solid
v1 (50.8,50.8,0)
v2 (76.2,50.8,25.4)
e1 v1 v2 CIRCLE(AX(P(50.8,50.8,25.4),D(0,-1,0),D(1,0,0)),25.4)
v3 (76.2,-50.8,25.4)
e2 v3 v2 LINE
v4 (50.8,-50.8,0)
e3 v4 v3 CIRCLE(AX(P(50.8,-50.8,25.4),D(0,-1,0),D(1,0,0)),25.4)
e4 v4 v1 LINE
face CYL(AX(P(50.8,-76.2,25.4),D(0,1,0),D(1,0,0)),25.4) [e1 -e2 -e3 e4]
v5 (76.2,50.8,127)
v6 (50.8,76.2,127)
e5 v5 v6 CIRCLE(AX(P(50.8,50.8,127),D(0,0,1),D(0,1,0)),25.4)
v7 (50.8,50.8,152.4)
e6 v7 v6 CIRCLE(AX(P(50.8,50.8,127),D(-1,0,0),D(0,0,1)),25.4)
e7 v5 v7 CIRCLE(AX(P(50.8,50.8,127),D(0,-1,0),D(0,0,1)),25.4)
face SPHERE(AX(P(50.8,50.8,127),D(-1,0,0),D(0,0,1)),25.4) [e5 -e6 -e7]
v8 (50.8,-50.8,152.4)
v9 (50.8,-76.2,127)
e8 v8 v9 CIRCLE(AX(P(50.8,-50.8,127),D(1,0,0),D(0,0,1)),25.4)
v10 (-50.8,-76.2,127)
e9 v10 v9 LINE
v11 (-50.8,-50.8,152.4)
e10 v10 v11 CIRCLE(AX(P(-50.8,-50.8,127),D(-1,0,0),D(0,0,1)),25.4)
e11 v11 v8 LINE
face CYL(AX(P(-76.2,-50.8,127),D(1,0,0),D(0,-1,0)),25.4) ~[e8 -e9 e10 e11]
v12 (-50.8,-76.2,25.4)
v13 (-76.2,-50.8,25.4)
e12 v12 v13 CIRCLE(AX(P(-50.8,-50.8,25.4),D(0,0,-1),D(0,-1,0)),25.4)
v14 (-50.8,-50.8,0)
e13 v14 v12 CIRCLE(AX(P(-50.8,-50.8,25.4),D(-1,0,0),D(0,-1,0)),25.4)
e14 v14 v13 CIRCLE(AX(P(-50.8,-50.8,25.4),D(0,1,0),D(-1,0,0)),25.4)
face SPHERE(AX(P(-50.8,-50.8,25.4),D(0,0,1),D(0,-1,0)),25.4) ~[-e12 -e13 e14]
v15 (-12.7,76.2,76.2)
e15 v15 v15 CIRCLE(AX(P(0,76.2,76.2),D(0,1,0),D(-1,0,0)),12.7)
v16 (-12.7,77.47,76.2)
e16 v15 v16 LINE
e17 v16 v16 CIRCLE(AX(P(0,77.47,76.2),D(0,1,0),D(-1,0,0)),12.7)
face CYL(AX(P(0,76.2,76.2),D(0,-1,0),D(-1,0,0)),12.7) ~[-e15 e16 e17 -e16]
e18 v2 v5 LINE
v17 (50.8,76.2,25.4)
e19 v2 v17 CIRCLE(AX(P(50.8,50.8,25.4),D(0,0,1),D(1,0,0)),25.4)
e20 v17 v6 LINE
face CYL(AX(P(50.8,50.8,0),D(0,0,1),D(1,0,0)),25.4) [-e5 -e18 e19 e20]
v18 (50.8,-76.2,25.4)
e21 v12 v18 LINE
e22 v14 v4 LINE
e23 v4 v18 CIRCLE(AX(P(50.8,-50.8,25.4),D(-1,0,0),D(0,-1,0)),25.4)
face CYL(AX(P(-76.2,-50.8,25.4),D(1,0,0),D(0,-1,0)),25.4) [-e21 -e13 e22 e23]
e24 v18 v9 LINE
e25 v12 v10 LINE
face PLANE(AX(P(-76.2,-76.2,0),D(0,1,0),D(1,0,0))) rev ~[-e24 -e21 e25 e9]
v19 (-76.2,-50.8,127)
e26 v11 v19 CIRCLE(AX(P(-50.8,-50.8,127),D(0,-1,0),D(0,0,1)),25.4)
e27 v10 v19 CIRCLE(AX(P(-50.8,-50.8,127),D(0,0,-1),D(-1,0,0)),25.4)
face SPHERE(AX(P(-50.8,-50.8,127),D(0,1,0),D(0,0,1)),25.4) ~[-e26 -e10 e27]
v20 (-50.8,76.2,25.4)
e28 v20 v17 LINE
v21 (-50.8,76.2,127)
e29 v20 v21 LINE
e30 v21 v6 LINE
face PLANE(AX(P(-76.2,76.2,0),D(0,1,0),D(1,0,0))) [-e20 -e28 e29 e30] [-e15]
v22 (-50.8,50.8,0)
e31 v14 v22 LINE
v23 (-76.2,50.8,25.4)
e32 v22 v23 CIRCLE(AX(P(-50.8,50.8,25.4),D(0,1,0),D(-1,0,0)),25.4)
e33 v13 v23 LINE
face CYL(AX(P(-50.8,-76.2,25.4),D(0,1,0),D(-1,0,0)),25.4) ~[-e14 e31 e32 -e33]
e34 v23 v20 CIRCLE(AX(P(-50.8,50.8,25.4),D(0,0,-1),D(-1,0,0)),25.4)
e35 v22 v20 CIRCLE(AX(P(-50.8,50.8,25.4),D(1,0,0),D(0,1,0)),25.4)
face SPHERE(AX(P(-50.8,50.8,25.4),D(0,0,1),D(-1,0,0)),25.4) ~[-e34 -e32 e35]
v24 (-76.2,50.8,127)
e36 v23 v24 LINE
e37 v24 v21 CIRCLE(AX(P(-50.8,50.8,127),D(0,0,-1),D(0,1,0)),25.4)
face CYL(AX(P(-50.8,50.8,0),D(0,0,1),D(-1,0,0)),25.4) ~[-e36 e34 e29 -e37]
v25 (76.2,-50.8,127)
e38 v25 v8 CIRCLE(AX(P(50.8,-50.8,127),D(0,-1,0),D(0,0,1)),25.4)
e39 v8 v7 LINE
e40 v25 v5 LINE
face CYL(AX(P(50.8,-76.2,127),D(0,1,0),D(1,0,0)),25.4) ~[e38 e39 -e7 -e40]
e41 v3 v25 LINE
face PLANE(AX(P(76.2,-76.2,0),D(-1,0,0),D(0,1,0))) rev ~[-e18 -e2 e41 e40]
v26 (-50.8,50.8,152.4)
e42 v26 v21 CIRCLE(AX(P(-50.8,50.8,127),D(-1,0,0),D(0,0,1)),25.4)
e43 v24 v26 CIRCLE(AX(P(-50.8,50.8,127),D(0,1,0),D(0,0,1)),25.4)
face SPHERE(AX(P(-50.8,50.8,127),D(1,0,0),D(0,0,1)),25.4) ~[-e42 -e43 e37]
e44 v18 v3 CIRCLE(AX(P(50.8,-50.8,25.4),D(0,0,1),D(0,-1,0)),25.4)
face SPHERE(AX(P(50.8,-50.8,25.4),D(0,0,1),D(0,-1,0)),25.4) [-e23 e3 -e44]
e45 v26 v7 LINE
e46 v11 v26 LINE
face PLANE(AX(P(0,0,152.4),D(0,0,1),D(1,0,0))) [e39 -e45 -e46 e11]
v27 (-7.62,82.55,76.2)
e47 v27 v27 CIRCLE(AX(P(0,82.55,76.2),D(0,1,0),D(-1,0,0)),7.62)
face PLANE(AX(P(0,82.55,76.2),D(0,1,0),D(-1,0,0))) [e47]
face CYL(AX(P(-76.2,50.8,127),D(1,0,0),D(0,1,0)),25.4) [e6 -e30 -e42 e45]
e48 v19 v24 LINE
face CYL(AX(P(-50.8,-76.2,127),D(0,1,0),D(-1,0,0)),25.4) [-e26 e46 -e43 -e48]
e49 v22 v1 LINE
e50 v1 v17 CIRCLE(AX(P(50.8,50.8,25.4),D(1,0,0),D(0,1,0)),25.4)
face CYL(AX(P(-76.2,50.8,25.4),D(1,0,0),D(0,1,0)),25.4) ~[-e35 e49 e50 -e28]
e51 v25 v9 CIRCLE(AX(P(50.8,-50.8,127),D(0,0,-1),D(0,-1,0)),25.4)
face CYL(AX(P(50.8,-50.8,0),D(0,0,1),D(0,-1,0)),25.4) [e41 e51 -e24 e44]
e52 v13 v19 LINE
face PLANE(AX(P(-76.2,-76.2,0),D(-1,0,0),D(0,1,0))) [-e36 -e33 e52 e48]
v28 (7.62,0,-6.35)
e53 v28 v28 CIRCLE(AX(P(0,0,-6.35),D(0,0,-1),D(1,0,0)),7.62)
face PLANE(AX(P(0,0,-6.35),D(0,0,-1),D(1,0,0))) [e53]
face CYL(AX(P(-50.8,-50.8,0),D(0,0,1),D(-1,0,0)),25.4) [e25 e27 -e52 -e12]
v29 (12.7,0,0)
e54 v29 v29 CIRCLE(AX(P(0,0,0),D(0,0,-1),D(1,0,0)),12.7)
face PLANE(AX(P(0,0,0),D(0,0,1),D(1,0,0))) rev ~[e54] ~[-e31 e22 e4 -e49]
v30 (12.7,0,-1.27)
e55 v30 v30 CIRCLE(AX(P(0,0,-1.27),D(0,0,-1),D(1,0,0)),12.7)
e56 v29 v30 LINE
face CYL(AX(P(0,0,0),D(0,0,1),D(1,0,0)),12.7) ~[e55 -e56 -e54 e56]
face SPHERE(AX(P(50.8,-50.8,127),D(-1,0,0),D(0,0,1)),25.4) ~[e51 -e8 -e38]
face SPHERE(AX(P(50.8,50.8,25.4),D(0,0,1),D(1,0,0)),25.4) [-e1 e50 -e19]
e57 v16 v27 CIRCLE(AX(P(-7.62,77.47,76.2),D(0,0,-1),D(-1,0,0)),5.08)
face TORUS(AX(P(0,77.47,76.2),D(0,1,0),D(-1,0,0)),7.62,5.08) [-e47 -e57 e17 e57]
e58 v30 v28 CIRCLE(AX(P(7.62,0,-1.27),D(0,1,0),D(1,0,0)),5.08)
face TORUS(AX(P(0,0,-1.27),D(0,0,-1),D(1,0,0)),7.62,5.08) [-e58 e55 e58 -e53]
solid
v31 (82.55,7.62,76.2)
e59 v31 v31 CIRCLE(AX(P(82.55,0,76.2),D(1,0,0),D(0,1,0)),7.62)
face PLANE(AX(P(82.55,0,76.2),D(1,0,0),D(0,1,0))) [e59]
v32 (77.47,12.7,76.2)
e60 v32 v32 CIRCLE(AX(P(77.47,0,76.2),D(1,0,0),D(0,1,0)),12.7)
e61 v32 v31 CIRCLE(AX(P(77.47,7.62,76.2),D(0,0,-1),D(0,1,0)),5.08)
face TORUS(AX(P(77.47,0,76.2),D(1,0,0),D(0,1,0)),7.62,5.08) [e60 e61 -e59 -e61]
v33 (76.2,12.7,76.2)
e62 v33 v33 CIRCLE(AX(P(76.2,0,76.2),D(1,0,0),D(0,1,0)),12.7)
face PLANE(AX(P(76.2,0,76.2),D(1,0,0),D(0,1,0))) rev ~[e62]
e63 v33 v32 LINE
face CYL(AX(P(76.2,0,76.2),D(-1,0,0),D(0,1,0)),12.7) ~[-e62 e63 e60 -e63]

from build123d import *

# Parameters (mm, degrees)
F0_W      = 152.4
F0_H      = 152.4
F1_DEPTH  = 152.4
F2_R      = 25.4
F3_R      = 12.7
F4_DEPTH  = 6.35
F5_R      = 5.08
F6_R      = 12.7
F7_DEPTH  = 6.35
F8_R      = 5.08
F9_R      = 12.7
F10_DEPTH = 6.35
F11_R     = 5.08


with BuildPart() as f1:
    # F0 (on Top) → F1 (new body)
    with BuildSketch(Plane.XY):
        Rectangle(F0_W, F0_H)
    extrude(amount=F1_DEPTH)

    # F2
    f2_edges = [f1.edges().sort_by_distance(p)[0] for p in [
        (0, 76.2, 152.4),
        (-76.2, 0, 152.4),
        (0, -76.2, 152.4),
        (76.2, 0, 152.4),
        (-76.2, -76.2, 76.2),
        (76.2, -76.2, 76.2),
        (0, -76.2, 0),
        (76.2, 76.2, 76.2),
        (76.2, 0, 0),
        (-76.2, 76.2, 76.2),
        (-76.2, 0, 0),
        (0, 76.2, 0),
    ]]
    fillet(f2_edges, radius=F2_R)

    # F3 (on face) → F4 (join)
    with BuildSketch(Plane(origin=(0, 0, 0), x_dir=(1, 0, 0), z_dir=(0, 0, -1))):
        Circle(F3_R)
    extrude(amount=F4_DEPTH)

    # F5
    f5_edges = [f1.edges().sort_by_distance(p)[0] for p in [
        (-12.7, 0, -6.35),
    ]]
    fillet(f5_edges, radius=F5_R)

    # F6 (on face) → F7 (join)
    with BuildSketch(Plane(origin=(0, 76.2, 0), x_dir=(-1, 0, 0), z_dir=(0, 1, 0))):
        with Locations((0, 76.2)):
            Circle(F6_R)
    extrude(amount=F7_DEPTH)

    # F8
    f8_edges = [f1.edges().sort_by_distance(p)[0] for p in [
        (12.7, 82.55, 76.2),
    ]]
    fillet(f8_edges, radius=F8_R)


with BuildPart() as f10:
    # F9 (on face) → F10 (new body)
    with BuildSketch(Plane.YZ.offset(76.2)):
        with Locations((0, 76.2)):
            Circle(F9_R)
    extrude(amount=F10_DEPTH)

    # F11
    f11_edges = [f10.edges().sort_by_distance(p)[0] for p in [
        (82.55, -12.7, 76.2),
    ]]
    fillet(f11_edges, radius=F11_R)


solid = Compound([f1.part, f10.part])
